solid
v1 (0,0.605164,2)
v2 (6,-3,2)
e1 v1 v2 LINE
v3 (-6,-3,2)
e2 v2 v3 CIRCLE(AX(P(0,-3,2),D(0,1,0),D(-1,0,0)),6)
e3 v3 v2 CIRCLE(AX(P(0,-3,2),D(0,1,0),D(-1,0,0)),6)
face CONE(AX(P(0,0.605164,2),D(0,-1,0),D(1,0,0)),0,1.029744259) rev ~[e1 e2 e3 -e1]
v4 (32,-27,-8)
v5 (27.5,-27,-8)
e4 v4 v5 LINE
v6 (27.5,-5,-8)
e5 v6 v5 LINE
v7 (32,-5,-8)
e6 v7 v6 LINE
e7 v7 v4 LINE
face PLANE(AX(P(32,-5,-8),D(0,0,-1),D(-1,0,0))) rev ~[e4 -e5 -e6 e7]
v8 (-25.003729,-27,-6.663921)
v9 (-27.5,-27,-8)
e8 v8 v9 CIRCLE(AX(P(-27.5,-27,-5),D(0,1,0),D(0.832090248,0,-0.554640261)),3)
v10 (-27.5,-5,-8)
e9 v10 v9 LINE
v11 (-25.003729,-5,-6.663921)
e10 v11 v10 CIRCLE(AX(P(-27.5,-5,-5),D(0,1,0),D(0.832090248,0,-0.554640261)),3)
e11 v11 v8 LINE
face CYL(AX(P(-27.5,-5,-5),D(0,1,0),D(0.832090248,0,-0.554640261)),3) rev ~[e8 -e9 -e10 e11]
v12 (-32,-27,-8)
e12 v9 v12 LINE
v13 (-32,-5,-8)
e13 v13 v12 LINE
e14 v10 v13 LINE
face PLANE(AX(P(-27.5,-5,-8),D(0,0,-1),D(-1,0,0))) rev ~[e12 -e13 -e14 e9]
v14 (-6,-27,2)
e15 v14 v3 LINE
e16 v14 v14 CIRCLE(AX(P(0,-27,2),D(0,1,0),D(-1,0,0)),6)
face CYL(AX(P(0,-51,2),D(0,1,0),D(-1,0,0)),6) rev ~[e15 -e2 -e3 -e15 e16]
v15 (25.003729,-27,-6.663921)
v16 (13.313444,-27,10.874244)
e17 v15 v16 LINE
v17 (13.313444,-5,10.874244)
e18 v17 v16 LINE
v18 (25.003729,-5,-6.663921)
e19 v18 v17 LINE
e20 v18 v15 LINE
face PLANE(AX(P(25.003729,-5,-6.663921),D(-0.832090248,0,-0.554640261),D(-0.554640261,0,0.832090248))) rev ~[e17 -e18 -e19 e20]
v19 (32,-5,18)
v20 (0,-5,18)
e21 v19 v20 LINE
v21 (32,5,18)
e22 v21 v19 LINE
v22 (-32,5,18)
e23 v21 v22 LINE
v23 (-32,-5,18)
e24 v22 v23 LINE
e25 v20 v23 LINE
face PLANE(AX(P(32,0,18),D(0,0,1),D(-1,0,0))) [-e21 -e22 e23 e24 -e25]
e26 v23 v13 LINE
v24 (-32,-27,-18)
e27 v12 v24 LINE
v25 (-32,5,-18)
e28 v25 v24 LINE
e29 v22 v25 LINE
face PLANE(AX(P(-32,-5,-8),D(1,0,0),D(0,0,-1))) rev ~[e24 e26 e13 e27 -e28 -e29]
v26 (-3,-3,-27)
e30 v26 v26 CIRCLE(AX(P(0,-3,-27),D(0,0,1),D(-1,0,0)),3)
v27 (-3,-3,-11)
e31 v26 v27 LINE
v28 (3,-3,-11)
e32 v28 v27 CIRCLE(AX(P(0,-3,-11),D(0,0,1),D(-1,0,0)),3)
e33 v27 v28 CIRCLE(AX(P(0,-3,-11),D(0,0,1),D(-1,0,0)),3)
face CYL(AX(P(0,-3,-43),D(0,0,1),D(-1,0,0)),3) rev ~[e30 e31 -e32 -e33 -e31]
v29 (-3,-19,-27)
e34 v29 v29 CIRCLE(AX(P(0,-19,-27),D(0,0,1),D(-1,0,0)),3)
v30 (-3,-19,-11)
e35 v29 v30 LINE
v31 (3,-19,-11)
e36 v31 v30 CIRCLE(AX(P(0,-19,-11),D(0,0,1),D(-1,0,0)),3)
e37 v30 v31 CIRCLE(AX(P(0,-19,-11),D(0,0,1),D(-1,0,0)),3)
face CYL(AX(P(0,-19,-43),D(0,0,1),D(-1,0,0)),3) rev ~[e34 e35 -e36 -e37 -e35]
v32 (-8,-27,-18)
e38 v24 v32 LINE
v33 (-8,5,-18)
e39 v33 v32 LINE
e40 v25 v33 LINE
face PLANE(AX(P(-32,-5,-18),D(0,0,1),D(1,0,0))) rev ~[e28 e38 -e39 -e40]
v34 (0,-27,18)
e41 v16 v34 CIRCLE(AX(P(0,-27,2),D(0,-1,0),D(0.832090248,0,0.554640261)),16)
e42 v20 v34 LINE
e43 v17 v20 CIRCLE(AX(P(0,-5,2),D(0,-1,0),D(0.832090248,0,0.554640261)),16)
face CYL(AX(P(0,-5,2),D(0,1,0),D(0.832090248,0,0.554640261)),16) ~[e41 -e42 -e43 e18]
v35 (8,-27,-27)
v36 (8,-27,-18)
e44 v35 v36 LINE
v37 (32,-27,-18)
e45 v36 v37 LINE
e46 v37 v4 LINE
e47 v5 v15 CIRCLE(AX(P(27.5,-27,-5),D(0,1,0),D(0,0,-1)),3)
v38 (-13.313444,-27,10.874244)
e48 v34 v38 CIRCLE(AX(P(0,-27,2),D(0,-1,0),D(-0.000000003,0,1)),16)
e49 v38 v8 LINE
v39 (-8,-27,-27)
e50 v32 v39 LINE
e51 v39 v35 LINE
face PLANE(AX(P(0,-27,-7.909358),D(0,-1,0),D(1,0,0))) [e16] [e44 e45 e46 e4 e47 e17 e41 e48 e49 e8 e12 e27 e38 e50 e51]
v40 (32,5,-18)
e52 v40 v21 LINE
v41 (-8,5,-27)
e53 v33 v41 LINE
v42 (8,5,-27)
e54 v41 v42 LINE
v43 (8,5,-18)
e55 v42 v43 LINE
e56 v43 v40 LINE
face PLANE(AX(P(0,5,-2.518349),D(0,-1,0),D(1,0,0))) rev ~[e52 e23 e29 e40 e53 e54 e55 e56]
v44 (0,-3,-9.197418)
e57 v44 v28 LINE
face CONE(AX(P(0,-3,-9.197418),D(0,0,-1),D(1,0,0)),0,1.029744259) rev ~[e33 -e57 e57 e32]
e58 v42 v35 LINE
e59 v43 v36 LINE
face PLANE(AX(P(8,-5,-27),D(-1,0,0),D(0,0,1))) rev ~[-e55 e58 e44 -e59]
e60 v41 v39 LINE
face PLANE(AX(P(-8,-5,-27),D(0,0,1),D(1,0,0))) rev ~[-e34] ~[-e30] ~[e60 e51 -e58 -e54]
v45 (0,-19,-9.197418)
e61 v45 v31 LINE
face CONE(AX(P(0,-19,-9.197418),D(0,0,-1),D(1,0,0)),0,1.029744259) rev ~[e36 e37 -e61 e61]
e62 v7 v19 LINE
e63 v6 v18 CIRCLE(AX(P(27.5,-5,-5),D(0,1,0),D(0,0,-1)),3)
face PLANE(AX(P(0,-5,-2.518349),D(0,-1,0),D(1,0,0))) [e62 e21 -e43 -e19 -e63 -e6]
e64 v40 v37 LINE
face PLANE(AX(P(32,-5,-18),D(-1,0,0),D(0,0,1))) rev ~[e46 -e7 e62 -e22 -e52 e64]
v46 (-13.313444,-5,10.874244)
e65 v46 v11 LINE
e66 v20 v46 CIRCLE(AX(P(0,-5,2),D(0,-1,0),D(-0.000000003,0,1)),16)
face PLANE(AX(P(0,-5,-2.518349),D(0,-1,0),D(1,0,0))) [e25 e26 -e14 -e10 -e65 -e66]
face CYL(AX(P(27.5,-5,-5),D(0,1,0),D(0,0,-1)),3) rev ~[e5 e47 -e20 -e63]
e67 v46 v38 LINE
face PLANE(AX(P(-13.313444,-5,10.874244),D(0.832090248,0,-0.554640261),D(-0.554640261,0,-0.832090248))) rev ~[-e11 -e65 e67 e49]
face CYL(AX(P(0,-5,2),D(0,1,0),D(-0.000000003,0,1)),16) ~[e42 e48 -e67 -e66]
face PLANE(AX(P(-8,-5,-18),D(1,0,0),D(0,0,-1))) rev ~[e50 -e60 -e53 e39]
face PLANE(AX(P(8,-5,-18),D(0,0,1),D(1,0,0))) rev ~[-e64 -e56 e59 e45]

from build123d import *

# Parameters (mm, degrees)
F1_DEPTH = 5
F3_DEPTH = 22
F5_D     = 12
F5_DEPTH = 24
F5_TIP   = 3.6051637142
F7_D     = 6
F7_DEPTH = 16
F7_TIP   = 1.8025818571


with BuildPart() as f1:
    # F0 (on Front) → F1 (new body, symmetric)
    with BuildSketch(Plane.XZ):
        Polygon((32, -18), (32, 18), (-32, 18), (-32, -18), (-8, -18), (-8, -27), (8, -27), (8, -18), align=None)
    extrude(amount=F1_DEPTH, both=True)

    # F2 (on face) → F3 (join)
    with BuildSketch(Plane.XZ.offset(5)):
        with BuildLine():
            Line((-27.5, -8), (-32, -8))
            Line((-32, -8), (-32, -18))
            Line((-32, -18), (-8, -18))
            Line((-8, -18), (-8, -27))
            Line((-8, -27), (8, -27))
            Line((8, -27), (8, -18))
            Line((8, -18), (32, -18))
            Line((32, -18), (32, -8))
            Line((32, -8), (27.5, -8))
            ThreePointArc((27.5, -8), (26.0843309615, -7.6449728115), (25.0037292554, -6.6639207823))
            Line((25.0037292554, -6.6639207823), (13.3134439711, 10.8742441722))
            ThreePointArc((13.3134439711, 10.8742441722), (7.5502348479, 16.1065216741), (-5.46e-08, 18))
            ThreePointArc((-5.46e-08, 18), (-7.5502348961, 16.1065216483), (-13.3134439711, 10.8742441722))
            Line((-13.3134439711, 10.8742441722), (-25.0037292554, -6.6639207823))
            ThreePointArc((-25.0037292554, -6.6639207823), (-26.0843309615, -7.6449728115), (-27.5, -8))
        make_face()
    extrude(amount=F3_DEPTH)

    # F5
    with Locations(Plane.XZ.offset(27)):
        with Locations((0, 2)):
            Hole(F5_D / 2, depth=F5_DEPTH)
            with Locations((0, 0, -(F5_DEPTH + F5_TIP / 2))):  # 118° drill point
                Cone(0, F5_D / 2, F5_TIP, mode=Mode.SUBTRACT)

    # F7
    with Locations(Plane(origin=(0, 0, -27), x_dir=(1, 0, 0), z_dir=(0, 0, -1))):
        with Locations((0, 19), (0, 3)):
            Hole(F7_D / 2, depth=F7_DEPTH)
            with Locations((0, 0, -(F7_DEPTH + F7_TIP / 2))):  # 118° drill point
                Cone(0, F7_D / 2, F7_TIP, mode=Mode.SUBTRACT)


solid = f1.part
